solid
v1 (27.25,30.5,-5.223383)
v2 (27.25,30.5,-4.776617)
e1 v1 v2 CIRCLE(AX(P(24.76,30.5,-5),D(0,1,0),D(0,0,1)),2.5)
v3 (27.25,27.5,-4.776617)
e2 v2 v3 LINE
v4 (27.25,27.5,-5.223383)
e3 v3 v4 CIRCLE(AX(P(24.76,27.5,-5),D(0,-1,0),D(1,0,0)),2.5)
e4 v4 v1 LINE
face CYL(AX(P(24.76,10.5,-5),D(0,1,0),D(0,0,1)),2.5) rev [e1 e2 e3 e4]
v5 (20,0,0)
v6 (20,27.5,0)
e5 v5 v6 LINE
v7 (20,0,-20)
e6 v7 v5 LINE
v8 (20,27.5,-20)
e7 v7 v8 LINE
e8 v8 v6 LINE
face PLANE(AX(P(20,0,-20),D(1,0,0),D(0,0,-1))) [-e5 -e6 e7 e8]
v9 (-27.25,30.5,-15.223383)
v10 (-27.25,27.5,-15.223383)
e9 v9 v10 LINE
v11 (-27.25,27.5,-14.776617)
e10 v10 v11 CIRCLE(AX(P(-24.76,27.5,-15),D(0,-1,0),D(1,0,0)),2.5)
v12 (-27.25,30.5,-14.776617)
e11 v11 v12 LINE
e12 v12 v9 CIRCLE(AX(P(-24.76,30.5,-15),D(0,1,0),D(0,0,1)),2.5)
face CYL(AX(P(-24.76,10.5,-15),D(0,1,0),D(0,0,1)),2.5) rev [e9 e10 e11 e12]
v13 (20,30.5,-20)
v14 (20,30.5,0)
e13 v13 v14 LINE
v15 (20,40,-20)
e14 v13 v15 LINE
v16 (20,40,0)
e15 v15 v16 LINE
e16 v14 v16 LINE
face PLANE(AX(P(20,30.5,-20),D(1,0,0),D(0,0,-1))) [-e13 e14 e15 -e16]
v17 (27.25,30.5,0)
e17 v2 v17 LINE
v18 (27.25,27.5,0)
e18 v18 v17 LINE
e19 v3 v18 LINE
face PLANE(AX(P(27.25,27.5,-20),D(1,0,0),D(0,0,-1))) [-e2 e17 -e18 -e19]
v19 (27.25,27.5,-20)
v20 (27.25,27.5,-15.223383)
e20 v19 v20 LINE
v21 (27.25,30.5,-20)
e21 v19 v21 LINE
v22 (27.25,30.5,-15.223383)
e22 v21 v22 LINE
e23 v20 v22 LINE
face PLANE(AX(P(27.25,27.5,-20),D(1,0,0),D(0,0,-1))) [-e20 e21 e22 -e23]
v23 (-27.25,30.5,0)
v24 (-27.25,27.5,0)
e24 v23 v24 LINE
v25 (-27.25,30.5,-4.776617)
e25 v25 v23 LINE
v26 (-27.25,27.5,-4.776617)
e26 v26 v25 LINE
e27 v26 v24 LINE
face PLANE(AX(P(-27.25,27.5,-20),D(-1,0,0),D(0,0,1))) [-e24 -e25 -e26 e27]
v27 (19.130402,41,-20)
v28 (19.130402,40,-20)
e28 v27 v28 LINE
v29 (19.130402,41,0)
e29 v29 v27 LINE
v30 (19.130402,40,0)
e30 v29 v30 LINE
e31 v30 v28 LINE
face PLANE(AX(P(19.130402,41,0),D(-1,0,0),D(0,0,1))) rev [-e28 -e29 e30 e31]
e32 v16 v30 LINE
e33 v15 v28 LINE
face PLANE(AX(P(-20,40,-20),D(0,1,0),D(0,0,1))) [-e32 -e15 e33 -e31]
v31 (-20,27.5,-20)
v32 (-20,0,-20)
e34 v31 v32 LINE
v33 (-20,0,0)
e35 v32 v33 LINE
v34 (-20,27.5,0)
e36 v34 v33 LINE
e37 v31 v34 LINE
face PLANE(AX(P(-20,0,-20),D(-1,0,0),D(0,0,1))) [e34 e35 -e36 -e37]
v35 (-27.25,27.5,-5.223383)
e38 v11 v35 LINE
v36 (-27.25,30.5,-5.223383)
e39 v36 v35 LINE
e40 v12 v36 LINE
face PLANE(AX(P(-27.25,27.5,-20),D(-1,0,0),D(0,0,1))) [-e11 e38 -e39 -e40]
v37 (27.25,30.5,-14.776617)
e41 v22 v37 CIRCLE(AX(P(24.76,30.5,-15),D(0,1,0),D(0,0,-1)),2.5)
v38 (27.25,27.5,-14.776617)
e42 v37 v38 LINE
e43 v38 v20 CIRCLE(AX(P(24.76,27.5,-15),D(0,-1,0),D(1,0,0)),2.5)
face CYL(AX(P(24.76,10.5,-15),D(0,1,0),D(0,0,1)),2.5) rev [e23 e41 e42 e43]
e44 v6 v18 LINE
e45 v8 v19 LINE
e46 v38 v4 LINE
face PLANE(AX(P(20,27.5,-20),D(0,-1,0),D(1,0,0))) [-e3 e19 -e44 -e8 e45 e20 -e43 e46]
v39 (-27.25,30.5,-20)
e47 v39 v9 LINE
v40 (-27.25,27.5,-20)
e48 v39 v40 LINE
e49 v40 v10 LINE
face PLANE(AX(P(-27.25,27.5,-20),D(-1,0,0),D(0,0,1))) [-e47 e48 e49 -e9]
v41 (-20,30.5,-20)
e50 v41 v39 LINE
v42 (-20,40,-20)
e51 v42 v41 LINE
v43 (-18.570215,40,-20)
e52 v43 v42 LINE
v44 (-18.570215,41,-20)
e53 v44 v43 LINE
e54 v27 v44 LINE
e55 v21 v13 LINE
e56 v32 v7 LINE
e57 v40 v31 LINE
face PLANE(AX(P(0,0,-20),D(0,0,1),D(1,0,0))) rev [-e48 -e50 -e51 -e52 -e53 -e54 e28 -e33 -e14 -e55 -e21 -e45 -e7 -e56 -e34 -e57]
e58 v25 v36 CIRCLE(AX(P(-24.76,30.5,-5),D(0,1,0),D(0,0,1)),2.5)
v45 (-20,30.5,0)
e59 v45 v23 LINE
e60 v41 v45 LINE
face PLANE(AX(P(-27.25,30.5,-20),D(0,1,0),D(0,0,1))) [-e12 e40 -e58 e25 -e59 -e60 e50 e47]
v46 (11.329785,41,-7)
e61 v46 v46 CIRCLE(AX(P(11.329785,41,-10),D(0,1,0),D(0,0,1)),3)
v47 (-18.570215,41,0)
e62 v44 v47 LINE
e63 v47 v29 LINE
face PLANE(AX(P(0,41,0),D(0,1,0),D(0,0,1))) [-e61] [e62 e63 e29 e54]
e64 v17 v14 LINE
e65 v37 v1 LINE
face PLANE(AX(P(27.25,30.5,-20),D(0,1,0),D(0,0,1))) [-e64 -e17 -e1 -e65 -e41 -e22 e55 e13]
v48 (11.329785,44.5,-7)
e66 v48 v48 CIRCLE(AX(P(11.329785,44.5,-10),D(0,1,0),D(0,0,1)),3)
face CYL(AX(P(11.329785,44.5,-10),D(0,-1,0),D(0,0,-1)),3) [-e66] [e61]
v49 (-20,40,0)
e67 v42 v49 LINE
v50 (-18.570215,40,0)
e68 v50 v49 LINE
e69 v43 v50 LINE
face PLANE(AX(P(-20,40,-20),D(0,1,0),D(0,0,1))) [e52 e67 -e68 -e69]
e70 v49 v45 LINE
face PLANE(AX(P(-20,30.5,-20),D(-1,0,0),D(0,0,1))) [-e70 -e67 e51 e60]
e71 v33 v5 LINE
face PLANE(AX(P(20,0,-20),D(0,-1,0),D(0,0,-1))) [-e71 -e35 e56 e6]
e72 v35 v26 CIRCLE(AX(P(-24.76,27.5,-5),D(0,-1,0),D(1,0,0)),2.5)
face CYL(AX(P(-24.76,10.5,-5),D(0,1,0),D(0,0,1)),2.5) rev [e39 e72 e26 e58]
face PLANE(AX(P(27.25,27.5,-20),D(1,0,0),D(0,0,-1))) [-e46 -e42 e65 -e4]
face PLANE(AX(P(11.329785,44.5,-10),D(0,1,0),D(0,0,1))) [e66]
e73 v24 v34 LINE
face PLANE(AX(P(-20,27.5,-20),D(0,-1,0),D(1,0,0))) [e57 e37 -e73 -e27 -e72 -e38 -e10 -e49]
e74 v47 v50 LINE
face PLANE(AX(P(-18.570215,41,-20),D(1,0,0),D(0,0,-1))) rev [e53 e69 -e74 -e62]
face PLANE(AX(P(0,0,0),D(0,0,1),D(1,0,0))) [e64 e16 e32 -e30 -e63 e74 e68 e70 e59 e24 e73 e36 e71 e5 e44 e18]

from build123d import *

# Parameters (mm, degrees)
EXTRUDE_1_DEPTH     = 20
SKETCH_2_R          = 2.5
CUT_EXTRUDE_4_DEPTH = 20
SKETCH_3_W          = 37.700616616
SKETCH_3_H          = 20
EXTRUDE_3_DEPTH     = 1
SKETCH_4_R          = 3
EXTRUDE_4_DEPTH     = 3.5


with BuildPart() as part:
    # 草图1 → 凸台-拉伸1 (new body)
    with BuildSketch(Plane.XY):
        Polygon((20, 0), (-20, 0), (-20, 27.5), (-27.25, 27.5), (-27.25, 30.5), (-20, 30.5), (-20, 40), (20, 40), (20, 30.5), (27.25, 30.5), (27.25, 27.5), (20, 27.5), align=None)
    extrude(amount=-EXTRUDE_1_DEPTH)

    # 草图2 → 切除-拉伸4 (cut)
    with BuildSketch(Plane(origin=(0, 30.5, 0), x_dir=(1, 0, 0), z_dir=(0, 1, 0))):
        with Locations((-24.76, 15)):
            Circle(SKETCH_2_R)
        with Locations((-24.76, 5)):
            Circle(SKETCH_2_R)
        with Locations((24.76, 5)):
            Circle(SKETCH_2_R)
        with Locations((24.76, 15)):
            Circle(SKETCH_2_R)
    extrude(amount=-CUT_EXTRUDE_4_DEPTH, mode=Mode.SUBTRACT)

    # 草图3 → 凸台-拉伸3 (add)
    with BuildSketch(Plane(origin=(0, 40, 0), x_dir=(1, 0, 0), z_dir=(0, 1, 0))):
        with Locations((0.280093734, 10)):
            Rectangle(SKETCH_3_W, SKETCH_3_H)
    extrude(amount=EXTRUDE_3_DEPTH)

    # 草图4 → 凸台-拉伸4 (add)
    with BuildSketch(Plane(origin=(0, 41, 0), x_dir=(1, 0, 0), z_dir=(0, 1, 0))):
        with Locations((11.329785426, 10)):
            Circle(SKETCH_4_R)
    extrude(amount=EXTRUDE_4_DEPTH)


solid = part.part
